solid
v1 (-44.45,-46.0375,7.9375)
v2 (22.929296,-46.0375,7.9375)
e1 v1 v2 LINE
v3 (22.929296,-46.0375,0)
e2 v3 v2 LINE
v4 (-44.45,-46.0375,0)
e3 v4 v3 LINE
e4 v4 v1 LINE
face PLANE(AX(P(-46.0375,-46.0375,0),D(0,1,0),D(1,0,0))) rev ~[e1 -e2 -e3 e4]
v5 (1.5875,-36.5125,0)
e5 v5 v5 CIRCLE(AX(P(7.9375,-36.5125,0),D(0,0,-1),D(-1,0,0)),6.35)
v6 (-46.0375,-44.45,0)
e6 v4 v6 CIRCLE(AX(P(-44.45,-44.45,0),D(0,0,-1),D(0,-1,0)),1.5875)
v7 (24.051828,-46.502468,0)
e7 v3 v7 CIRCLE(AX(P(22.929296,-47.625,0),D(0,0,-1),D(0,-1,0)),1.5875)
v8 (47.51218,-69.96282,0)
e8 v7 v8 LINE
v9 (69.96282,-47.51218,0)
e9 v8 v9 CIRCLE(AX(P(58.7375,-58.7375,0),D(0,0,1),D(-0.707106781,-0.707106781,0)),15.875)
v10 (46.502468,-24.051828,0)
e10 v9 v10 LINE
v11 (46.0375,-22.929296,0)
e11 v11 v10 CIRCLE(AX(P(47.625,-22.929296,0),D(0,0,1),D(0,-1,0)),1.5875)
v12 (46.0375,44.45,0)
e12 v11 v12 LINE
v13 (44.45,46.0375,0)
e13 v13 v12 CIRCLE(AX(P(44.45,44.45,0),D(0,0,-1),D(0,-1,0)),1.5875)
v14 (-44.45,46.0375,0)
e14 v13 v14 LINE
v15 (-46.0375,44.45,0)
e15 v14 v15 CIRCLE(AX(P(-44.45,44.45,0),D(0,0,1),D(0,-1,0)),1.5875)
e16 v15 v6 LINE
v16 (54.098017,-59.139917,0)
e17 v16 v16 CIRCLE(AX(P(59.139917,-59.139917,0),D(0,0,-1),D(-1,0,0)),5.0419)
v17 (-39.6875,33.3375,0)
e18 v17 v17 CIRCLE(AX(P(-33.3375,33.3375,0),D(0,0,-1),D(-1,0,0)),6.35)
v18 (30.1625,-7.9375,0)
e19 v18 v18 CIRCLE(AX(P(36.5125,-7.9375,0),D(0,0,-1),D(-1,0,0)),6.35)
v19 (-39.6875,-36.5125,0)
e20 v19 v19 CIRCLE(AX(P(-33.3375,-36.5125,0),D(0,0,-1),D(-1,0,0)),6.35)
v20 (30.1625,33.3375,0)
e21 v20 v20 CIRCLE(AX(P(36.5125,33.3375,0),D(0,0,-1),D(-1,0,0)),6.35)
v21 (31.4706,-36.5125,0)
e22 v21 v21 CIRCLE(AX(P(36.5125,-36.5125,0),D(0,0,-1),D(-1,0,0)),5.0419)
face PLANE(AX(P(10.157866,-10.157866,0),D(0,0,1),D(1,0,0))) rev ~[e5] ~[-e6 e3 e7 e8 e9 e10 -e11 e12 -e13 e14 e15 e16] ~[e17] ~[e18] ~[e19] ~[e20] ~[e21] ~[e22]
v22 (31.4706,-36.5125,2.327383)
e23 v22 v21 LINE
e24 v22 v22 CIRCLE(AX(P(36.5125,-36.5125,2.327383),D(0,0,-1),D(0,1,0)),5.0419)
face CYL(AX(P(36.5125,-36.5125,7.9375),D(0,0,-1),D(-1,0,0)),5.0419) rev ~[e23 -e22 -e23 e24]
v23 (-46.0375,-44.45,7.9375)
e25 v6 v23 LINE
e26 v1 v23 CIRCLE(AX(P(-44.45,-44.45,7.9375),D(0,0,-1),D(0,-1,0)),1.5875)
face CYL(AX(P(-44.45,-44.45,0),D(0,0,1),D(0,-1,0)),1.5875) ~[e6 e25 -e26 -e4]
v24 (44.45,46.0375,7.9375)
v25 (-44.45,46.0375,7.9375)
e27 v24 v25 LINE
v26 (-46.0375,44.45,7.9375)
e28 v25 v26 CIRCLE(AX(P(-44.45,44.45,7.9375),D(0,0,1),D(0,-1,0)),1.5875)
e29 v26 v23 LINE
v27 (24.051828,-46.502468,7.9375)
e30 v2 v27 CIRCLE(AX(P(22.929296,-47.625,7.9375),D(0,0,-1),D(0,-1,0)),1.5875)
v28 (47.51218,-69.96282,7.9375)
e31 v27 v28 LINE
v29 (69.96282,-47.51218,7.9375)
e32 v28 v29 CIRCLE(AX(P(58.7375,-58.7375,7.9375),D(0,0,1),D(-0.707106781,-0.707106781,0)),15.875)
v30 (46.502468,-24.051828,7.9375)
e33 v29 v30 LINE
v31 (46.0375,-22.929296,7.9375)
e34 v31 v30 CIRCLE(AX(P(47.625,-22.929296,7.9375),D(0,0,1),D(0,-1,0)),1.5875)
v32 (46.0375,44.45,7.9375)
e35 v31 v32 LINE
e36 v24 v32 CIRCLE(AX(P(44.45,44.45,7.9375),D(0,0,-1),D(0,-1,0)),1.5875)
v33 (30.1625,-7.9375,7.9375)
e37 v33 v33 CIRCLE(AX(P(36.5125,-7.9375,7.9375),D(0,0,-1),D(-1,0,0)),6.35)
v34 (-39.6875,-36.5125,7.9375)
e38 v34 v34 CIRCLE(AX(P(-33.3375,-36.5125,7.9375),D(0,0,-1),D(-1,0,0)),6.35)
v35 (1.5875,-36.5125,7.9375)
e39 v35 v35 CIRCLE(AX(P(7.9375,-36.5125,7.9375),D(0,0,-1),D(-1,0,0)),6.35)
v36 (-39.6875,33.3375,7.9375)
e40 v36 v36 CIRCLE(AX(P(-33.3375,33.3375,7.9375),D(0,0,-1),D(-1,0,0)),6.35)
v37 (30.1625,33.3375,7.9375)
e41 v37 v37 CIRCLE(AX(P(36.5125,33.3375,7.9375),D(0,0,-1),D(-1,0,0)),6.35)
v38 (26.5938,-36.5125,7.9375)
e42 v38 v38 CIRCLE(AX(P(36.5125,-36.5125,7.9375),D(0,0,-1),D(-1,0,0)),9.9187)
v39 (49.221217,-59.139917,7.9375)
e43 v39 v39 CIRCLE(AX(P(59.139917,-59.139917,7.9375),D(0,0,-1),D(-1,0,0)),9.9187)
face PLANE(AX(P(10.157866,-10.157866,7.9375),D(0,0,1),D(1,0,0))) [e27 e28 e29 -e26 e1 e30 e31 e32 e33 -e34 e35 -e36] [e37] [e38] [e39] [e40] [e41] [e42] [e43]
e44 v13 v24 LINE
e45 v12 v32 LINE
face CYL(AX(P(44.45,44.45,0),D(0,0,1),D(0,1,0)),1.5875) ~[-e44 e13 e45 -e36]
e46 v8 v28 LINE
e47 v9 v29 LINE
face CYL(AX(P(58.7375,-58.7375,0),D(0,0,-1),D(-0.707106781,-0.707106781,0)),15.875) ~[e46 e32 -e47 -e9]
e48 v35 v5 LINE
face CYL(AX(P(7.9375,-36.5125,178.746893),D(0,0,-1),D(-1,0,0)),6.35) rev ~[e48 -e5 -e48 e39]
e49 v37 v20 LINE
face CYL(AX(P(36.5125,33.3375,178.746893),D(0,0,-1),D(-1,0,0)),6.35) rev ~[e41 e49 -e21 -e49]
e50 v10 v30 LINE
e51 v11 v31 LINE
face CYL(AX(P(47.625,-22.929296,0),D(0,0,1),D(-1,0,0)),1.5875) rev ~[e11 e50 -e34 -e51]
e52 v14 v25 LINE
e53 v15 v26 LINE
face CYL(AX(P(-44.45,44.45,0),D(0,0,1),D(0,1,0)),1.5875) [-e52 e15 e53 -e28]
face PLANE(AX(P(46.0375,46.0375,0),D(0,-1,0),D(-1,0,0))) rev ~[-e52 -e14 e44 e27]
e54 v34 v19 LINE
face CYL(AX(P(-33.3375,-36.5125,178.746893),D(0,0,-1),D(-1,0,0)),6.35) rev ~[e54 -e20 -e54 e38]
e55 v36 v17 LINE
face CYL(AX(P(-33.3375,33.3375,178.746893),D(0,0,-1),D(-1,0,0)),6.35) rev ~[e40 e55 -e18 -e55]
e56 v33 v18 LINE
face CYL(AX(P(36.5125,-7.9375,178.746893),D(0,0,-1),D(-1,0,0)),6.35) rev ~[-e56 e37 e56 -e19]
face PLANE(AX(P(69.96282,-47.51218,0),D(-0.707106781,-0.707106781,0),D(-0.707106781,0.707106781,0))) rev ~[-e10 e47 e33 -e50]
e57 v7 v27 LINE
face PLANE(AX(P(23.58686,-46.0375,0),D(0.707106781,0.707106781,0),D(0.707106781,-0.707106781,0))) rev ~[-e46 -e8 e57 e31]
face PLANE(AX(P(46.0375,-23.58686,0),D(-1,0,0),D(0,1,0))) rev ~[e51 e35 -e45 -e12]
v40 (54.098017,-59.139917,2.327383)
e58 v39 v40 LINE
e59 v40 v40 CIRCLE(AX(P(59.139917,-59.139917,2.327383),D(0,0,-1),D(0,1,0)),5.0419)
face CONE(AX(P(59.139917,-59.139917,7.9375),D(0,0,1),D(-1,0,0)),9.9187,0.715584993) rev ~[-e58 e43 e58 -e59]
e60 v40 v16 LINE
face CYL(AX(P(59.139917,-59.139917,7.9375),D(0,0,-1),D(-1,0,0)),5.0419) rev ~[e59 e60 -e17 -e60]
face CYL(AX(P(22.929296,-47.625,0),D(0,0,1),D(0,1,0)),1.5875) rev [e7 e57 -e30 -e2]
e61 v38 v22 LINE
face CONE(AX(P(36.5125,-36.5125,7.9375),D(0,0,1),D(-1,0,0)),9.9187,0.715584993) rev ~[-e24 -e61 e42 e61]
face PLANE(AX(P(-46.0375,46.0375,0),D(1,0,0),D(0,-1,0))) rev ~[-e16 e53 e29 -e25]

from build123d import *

# Parameters (mm, degrees)
F1_DEPTH       = 7.9375
F3_D           = 12.7
F5_D           = 10.0838
F5_CSINK_D     = 19.8374
F5_CSINK_ANGLE = 82
F6_R           = 1.5875


with BuildPart() as f1:
    # F0 (on Top) → F1 (new body)
    with BuildSketch(Plane.XY):
        with BuildLine():
            Line((-46.0375, -46.0375), (23.5868596973, -46.0375))
            Line((23.5868596973, -46.0375), (47.5121798487, -69.9628201513))
            ThreePointArc((47.5121798487, -69.9628201513), (69.9628201513, -69.9628201513), (69.9628201513, -47.5121798487))
            Line((69.9628201513, -47.5121798487), (46.0375, -23.5868596973))
            Line((46.0375, -23.5868596973), (46.0375, 46.0375))
            Line((46.0375, 46.0375), (-46.0375, 46.0375))
            Line((-46.0375, 46.0375), (-46.0375, -46.0375))
        make_face()
    extrude(amount=F1_DEPTH)

    # F3 (through all)
    with Locations(Plane.XY.offset(7.9375)):
        with Locations((-33.3375, 33.3375), (-33.3375, -36.5125), (7.9375, -36.5125), (36.5125, -7.9375), (36.5125, 33.3375)):
            Hole(F3_D / 2)

    # F5 (through all)
    with Locations(Plane.XY.offset(7.9375)):
        with Locations((36.5125, -36.5125), (59.139916998, -59.139916998)):
            CounterSinkHole(F5_D / 2, F5_CSINK_D / 2, counter_sink_angle=F5_CSINK_ANGLE)

    # F6
    f6_edges = [f1.edges().sort_by_distance(p)[0] for p in [
        (-46.0375, -46.0375, 3.96875),
        (-46.0375, 46.0375, 3.96875),
        (46.0375, 46.0375, 3.96875),
        (46.0375, -23.58686, 3.96875),
        (23.58686, -46.0375, 3.96875),
    ]]
    fillet(f6_edges, radius=F6_R)


solid = f1.part
